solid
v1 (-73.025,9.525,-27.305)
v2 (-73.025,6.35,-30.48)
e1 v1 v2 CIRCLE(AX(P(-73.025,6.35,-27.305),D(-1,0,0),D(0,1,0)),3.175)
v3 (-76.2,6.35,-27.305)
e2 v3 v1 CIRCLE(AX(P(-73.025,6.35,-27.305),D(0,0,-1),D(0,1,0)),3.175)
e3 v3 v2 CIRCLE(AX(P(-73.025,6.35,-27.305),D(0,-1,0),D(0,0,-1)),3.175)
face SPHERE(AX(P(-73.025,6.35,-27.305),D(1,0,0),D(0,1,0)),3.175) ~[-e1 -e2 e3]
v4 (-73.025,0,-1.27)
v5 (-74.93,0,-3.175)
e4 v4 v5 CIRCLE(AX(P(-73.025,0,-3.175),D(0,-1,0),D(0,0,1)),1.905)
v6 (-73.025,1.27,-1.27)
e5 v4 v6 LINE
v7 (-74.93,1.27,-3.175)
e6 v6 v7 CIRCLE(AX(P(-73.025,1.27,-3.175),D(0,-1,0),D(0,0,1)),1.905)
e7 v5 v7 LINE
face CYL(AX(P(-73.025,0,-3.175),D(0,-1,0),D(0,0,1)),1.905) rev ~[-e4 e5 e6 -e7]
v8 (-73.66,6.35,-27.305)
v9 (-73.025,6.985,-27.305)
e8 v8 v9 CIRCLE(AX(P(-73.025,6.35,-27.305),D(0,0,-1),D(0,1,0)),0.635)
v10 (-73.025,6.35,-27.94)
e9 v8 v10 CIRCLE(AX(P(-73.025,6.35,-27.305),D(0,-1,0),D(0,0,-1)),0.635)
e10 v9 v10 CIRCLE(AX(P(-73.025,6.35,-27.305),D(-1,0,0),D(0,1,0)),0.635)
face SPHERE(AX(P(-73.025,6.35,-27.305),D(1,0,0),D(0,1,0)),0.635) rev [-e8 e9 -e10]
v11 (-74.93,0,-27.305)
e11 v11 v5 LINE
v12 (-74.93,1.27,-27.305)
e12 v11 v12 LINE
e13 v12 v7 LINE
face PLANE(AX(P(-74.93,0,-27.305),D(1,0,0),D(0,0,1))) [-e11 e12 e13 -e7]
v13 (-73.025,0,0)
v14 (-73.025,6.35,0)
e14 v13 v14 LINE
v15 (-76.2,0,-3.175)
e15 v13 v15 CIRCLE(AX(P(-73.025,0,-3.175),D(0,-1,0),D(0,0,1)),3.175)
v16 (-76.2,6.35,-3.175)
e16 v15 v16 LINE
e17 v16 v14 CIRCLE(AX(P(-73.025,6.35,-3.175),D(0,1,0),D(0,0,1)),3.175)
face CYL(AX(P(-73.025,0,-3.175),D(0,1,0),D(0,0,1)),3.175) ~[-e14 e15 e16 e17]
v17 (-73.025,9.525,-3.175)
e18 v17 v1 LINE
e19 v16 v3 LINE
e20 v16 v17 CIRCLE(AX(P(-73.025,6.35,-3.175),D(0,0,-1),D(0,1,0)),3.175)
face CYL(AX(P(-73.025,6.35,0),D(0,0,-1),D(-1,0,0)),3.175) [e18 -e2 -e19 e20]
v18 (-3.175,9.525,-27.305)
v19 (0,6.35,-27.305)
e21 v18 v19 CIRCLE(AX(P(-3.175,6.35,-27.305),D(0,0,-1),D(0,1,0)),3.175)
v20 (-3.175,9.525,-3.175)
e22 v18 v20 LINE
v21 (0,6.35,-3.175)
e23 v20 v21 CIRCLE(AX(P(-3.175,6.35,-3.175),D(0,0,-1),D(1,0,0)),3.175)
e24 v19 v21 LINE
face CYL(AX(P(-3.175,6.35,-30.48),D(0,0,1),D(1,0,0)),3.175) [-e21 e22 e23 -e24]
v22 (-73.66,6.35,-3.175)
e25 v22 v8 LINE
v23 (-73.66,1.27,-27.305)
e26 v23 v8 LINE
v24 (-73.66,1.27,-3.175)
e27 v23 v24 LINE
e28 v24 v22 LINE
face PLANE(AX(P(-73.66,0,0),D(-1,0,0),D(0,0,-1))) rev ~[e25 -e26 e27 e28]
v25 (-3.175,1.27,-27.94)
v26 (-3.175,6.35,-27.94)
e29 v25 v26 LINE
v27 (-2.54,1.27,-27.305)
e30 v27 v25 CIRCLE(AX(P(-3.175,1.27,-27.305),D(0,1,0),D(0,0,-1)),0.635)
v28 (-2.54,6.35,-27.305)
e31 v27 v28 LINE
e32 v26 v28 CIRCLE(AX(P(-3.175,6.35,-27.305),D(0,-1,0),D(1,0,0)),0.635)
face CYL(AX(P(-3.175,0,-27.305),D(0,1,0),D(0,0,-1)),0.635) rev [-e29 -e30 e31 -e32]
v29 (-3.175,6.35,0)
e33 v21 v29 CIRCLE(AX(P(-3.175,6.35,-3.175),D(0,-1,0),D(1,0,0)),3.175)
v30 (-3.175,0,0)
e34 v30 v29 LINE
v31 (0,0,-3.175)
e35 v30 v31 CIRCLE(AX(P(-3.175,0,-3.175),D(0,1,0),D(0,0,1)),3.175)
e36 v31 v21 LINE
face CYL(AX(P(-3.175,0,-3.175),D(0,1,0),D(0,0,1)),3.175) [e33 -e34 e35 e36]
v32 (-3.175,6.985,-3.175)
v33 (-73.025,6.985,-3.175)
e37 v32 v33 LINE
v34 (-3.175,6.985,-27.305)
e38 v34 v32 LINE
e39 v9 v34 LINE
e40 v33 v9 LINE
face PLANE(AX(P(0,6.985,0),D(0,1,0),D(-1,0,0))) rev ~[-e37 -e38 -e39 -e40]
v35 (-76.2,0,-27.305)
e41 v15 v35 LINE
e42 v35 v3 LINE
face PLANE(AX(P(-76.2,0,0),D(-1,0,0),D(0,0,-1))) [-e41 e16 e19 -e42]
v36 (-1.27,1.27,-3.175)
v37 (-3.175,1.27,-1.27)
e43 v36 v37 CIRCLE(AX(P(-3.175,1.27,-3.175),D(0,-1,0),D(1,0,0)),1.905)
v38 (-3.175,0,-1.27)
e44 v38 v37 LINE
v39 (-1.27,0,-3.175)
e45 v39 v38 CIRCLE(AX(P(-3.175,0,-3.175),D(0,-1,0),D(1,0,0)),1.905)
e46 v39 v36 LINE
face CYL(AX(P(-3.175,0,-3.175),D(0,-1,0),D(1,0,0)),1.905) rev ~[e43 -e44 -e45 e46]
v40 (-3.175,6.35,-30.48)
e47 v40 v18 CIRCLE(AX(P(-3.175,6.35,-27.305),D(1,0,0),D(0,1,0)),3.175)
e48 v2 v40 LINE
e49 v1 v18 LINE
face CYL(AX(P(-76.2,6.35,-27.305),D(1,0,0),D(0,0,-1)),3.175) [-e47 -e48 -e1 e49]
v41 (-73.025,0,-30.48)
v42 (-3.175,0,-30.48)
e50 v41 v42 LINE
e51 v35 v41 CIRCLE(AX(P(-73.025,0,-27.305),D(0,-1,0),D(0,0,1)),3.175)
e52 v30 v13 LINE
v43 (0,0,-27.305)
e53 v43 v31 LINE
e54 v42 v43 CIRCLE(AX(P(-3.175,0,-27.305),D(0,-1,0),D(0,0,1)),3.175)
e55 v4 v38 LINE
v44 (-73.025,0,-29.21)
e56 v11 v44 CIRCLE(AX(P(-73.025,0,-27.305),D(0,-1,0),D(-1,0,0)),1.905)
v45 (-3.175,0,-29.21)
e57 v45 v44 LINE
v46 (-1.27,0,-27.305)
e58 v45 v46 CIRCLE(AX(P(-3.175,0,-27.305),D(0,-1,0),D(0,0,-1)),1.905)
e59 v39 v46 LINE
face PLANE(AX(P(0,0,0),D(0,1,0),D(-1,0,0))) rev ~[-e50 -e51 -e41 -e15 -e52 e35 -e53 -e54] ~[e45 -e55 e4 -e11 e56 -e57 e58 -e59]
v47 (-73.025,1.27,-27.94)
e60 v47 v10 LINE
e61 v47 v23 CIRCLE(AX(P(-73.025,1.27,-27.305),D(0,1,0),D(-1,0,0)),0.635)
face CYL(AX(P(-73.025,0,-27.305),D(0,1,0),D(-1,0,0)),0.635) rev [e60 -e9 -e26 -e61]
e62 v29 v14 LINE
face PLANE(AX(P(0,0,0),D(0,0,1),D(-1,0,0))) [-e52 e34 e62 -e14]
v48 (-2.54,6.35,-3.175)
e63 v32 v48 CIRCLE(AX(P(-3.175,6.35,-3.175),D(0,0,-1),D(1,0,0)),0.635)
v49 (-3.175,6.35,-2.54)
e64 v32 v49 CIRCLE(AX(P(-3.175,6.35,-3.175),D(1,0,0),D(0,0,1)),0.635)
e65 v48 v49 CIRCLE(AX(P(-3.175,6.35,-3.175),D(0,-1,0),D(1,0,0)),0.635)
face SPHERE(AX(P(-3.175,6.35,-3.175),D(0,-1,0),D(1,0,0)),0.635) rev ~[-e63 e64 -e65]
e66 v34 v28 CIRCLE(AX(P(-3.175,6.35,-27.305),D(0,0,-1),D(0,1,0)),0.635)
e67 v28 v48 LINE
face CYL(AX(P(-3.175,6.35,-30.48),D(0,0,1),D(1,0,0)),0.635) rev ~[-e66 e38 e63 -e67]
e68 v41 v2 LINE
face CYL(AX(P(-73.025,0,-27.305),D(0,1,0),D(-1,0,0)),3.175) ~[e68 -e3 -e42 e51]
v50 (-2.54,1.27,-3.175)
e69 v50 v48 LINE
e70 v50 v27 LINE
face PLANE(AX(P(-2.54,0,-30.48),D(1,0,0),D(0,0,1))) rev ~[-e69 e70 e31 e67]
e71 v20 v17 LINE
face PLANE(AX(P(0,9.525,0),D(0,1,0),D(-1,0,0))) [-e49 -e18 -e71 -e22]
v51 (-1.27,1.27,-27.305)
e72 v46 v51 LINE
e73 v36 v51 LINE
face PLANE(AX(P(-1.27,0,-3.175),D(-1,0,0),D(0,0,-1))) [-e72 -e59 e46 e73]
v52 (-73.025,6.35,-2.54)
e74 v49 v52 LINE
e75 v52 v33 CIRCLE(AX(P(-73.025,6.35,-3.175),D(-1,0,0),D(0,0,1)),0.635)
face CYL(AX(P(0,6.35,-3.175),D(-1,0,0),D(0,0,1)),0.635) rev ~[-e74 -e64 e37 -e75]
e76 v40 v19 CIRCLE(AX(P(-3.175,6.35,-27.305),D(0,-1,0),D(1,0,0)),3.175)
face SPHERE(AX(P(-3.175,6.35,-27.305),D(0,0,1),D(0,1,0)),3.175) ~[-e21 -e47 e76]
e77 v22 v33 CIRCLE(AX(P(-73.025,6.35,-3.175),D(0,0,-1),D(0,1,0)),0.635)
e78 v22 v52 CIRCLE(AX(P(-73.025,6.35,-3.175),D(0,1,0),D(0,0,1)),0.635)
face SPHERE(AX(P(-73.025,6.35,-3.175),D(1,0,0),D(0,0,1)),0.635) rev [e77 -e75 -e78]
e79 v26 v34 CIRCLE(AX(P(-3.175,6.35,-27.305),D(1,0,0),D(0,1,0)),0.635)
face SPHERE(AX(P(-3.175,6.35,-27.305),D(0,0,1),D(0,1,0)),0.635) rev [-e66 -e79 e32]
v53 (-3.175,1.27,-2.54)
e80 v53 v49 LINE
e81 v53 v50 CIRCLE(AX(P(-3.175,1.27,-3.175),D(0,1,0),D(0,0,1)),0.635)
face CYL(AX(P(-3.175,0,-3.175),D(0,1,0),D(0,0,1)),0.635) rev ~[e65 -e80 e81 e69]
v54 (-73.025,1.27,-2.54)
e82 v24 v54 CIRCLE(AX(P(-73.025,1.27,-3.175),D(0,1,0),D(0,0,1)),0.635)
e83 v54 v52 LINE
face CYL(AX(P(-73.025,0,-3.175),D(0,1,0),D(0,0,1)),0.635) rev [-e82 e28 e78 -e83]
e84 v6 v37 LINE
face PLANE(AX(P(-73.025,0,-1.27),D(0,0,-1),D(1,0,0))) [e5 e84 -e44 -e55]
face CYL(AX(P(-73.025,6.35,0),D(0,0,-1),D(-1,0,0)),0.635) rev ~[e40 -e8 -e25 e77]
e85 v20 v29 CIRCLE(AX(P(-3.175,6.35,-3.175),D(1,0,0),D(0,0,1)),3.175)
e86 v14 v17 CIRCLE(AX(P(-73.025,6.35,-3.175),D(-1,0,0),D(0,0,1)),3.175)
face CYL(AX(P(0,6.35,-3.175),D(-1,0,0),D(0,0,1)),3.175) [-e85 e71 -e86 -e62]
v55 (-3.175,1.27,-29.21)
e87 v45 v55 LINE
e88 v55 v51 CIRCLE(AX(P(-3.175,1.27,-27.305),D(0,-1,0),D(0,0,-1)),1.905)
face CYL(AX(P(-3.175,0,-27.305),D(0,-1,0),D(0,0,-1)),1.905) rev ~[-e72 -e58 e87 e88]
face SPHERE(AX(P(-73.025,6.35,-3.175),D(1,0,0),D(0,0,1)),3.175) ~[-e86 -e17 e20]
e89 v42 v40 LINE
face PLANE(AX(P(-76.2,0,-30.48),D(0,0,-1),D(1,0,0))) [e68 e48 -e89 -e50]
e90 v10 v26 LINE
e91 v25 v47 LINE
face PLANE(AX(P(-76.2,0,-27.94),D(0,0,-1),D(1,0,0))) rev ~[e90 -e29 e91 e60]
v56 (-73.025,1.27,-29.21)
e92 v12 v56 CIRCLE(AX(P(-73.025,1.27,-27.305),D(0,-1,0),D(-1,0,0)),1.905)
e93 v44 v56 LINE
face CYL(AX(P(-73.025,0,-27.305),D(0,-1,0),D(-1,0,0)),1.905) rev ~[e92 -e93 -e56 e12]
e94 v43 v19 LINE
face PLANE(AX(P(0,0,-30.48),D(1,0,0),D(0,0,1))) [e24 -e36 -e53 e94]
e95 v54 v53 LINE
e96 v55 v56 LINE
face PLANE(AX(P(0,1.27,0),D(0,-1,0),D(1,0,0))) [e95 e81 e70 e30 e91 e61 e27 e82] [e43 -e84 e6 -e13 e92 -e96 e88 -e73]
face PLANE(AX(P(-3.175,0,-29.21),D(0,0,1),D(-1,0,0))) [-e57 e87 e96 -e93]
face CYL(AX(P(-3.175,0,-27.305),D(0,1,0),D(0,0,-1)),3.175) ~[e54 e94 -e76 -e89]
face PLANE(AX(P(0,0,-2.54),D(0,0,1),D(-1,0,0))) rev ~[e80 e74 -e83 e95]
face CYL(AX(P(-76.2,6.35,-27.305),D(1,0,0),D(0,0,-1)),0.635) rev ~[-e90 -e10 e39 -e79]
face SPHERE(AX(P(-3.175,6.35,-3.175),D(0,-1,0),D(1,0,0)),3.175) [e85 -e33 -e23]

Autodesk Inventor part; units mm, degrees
ref_plane "YZ Plane" through (0, 0, 0) normal (1, 0, 0) x (0, 1, 0)
ref_plane "XZ Plane" through (0, 0, 0) normal (0, 1, 0) x (-1, 0, 0)
ref_plane "XY Plane" through (0, 0, 0) normal (0, 0, 1) x (1, 0, 0)
sketch "Sketch1" plane through (0, 0, 0) normal (0, 1, 0) x (-1, 0, 0)
  line L0 (0, 0) -> (76.2, 0)
  line L1 (76.2, 0) -> (76.2, -30.48)
  line L2 (76.2, -30.48) -> (0, -30.48)
  line L3 (0, -30.48) -> (0, 0)
  dimension "d0" = 76.2
  dimension "d1" = 30.48
extrude "Extrusion1" add sketch "Sketch1" along normal blind 9.525
fillet "Fillet1" radius 3.175 8 edges at (0, 4.7625, 0) (0, 9.525, -15.24) (-38.1, 9.525, 0) (-38.1, 9.525, -30.48) (0, 4.7625, -30.48) (-76.2, 4.7625, 0) (-76.2, 9.525, -15.24) (-76.2, 4.7625, -30.48)
shell "Shell1" thickness 2.54 removed faces 1 at (-26.4583, 0, -20.32)
sketch "Sketch2" plane through (0, 0, 0) normal (0, -1, 0) x (1, 0, 0)
  line L0 (0, -27.305) -> (0, -3.175) projected
  arc A0 (-3.175, -30.48) -> (0, -27.305) centre (-3.175, -27.305) ccw projected
  line L1 (-73.025, -30.48) -> (-3.175, -30.48) projected
  arc A1 (0, -3.175) -> (-3.175, 0) centre (-3.175, -3.175) ccw projected
  line L2 (-3.175, 0) -> (-73.025, 0) projected
  arc A2 (-73.025, 0) -> (-76.2, -3.175) centre (-73.025, -3.175) ccw projected
  line L3 (-76.2, -3.175) -> (-76.2, -27.305) projected
  arc A3 (-76.2, -27.305) -> (-73.025, -30.48) centre (-73.025, -27.305) ccw projected
  arc A4 (-73.025, -1.27) -> (-74.93, -3.175) centre (-73.025, -3.175) ccw
  line L4 (-73.025, -1.27) -> (-3.175, -1.27)
  arc A5 (-1.27, -3.175) -> (-3.175, -1.27) centre (-3.175, -3.175) ccw
  line L5 (-1.27, -3.175) -> (-1.27, -27.305)
  arc A6 (-3.175, -29.21) -> (-1.27, -27.305) centre (-3.175, -27.305) ccw
  line L6 (-3.175, -29.21) -> (-73.025, -29.21)
  arc A7 (-74.93, -27.305) -> (-73.025, -29.21) centre (-73.025, -27.305) ccw
  line L7 (-74.93, -27.305) -> (-74.93, -3.175)
  point P0 (0, 0)
  dimension "d6" = 1.27
extrude "Extrusion2" cut sketch "Sketch2" against normal blind 1.27 contours L4 A5 L5 A6 L6 A7 L7 A4
properties part number "box_top"
